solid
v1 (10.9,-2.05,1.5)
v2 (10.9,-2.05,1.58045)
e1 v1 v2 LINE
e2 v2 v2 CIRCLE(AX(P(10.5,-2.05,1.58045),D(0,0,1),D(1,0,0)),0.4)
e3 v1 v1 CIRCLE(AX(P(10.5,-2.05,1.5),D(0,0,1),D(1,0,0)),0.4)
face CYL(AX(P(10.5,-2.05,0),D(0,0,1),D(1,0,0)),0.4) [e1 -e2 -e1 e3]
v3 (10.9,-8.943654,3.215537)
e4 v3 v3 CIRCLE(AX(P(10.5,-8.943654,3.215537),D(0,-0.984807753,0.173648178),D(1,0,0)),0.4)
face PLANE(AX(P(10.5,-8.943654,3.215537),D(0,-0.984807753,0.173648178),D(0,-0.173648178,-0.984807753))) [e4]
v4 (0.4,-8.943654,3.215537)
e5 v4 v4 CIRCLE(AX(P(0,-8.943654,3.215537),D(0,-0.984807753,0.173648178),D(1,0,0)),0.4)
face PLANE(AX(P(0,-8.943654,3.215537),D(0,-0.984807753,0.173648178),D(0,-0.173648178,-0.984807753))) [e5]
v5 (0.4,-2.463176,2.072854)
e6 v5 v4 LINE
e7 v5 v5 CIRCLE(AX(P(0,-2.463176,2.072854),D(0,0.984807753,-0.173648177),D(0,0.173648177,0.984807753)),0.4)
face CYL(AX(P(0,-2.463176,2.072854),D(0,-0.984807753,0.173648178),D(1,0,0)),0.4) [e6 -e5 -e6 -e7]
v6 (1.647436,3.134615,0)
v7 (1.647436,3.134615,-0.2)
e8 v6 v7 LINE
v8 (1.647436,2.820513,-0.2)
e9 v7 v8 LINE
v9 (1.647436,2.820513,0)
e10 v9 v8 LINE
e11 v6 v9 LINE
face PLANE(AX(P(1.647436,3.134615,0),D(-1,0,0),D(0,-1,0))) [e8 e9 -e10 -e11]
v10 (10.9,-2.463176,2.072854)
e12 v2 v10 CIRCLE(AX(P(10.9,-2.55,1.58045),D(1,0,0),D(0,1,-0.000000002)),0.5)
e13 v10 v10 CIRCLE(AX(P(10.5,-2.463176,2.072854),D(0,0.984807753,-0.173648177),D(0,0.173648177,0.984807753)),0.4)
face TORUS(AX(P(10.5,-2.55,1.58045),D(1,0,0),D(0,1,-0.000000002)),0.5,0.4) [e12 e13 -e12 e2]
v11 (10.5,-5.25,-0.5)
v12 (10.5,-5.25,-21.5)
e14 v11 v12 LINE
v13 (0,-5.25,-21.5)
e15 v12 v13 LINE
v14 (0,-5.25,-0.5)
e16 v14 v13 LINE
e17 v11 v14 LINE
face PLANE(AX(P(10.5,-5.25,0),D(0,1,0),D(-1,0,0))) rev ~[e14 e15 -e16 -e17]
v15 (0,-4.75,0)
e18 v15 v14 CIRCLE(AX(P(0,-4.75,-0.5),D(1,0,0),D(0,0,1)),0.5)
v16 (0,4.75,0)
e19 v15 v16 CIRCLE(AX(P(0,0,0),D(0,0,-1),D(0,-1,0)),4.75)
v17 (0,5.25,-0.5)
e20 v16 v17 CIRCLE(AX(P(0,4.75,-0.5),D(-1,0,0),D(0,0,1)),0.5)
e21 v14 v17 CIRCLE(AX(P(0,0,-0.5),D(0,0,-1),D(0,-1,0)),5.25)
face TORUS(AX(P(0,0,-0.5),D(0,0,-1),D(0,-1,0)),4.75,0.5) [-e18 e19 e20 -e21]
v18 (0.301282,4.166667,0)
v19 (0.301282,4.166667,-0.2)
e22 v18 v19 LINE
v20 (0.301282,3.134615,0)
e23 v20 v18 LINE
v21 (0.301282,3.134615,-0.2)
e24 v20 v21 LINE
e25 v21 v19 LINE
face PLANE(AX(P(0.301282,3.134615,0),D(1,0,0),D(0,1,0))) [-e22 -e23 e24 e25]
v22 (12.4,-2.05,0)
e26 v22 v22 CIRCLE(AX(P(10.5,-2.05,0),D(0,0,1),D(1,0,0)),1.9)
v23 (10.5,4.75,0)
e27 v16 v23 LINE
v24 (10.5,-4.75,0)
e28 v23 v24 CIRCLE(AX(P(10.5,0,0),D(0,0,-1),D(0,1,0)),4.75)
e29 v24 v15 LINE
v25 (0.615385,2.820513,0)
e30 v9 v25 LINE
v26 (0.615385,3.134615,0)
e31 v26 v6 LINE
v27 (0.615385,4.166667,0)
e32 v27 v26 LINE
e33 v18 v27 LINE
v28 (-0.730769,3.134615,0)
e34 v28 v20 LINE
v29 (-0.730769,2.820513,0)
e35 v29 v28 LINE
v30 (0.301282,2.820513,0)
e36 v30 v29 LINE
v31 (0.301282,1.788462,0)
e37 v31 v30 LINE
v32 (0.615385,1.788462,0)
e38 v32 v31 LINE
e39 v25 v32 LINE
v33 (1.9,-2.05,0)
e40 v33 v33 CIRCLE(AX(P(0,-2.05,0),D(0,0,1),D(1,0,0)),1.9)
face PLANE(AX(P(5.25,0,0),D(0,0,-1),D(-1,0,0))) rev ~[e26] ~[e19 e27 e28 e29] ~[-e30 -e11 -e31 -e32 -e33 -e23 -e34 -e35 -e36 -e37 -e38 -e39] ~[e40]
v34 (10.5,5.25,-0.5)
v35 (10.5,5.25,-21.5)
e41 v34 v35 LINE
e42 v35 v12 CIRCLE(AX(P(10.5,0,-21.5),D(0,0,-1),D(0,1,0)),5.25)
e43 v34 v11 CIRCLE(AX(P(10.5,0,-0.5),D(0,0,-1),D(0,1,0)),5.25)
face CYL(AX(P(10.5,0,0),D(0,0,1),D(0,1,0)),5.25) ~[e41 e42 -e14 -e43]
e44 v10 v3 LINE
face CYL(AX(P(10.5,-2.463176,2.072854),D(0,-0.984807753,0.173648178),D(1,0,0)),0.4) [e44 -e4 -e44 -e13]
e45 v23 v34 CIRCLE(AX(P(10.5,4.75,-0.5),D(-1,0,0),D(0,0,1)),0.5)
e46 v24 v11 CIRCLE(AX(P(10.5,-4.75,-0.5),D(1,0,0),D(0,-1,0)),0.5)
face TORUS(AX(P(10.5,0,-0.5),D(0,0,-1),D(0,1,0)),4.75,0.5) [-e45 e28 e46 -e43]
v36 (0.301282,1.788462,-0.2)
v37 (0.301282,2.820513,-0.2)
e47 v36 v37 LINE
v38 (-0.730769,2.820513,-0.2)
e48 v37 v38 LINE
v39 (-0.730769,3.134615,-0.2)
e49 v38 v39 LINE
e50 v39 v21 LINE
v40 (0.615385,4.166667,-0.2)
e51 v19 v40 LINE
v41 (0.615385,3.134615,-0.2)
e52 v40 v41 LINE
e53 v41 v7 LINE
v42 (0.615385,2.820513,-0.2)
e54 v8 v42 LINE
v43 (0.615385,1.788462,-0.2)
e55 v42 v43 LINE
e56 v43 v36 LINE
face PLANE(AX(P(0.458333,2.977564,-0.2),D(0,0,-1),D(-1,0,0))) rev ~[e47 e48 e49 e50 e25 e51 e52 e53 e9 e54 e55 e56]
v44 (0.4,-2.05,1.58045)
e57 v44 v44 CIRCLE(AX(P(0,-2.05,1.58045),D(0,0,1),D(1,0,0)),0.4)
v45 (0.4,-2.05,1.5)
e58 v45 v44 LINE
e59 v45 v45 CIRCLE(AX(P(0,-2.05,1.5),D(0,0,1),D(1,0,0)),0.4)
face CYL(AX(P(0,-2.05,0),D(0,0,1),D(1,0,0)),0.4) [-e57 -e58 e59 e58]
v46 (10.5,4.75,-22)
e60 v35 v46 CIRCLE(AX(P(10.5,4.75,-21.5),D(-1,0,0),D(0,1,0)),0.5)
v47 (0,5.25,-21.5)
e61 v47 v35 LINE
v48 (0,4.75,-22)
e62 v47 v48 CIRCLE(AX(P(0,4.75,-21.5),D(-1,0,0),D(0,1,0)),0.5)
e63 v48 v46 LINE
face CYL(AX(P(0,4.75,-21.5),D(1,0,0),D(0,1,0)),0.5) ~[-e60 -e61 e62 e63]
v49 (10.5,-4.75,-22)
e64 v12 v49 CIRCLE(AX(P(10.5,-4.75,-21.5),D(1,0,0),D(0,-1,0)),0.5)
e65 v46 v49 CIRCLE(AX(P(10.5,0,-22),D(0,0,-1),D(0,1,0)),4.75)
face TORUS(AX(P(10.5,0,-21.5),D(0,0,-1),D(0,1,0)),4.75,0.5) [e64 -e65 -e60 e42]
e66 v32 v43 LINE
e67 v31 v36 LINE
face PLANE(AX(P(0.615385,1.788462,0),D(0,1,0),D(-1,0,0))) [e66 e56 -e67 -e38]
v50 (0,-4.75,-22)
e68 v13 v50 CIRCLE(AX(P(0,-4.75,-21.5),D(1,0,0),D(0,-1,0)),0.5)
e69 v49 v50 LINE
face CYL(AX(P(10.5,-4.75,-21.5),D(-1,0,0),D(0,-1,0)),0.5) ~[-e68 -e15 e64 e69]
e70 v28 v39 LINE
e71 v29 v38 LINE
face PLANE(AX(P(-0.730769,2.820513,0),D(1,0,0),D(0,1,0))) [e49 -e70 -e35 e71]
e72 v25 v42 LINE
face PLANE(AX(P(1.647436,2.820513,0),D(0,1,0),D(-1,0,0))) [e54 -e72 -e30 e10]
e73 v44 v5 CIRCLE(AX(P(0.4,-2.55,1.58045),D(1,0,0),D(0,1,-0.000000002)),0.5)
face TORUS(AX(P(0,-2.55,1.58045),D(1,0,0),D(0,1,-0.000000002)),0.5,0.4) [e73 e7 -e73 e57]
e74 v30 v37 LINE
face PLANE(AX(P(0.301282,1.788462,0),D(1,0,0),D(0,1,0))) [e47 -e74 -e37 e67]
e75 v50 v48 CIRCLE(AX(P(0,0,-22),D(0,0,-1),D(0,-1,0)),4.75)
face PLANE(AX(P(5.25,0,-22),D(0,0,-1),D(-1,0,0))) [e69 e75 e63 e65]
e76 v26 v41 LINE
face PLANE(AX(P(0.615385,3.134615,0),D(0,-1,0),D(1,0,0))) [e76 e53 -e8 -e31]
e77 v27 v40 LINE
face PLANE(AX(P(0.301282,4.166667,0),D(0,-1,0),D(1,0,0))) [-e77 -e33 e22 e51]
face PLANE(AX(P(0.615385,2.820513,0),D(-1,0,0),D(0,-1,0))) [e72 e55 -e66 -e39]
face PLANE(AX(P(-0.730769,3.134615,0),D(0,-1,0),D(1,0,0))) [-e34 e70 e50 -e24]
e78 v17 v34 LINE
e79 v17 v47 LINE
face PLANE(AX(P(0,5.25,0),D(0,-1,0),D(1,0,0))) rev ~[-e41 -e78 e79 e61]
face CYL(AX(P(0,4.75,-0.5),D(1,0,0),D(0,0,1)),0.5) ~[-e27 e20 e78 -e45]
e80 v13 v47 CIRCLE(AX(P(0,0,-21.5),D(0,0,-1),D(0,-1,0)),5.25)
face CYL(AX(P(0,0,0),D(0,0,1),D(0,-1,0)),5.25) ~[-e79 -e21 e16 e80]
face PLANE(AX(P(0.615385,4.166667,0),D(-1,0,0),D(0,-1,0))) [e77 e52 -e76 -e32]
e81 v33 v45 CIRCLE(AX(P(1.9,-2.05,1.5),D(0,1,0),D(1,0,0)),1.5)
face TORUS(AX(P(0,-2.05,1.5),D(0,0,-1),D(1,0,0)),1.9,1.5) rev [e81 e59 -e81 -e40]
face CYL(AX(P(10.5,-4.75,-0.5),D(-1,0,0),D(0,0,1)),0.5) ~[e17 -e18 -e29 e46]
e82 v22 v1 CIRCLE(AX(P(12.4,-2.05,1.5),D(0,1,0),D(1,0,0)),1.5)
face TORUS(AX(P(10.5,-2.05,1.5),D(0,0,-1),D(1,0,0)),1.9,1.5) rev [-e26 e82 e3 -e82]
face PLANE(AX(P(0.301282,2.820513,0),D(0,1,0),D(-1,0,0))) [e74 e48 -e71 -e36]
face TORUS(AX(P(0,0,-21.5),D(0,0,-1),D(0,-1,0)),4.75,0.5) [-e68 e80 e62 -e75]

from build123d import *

# Parameters (mm, degrees)
BOSS_EXTRUDE1_DEPTH = 22
SKETCH2_R           = 0.4
FILLET1_R           = 1.5
FILLET2_R           = 0.5
CUT_EXTRUDE1_DEPTH  = 0.2


with BuildPart() as part:
    # Sketch1 → Boss-Extrude1 (new body)
    with BuildSketch(Plane.XY):
        with BuildLine():
            Line((0, 5.25), (10.5, 5.25))
            ThreePointArc((10.5, 5.25), (15.75, 0), (10.5, -5.25))
            Line((10.5, -5.25), (0, -5.25))
            ThreePointArc((0, -5.25), (-5.25, 0), (0, 5.25))
        make_face()
    extrude(amount=-BOSS_EXTRUDE1_DEPTH)

    # Sweep1: sweep along a path in Sketch3
    with BuildLine(Plane.YZ) as sweep1_path:
        Line((-2.05, 0), (-2.05, 1.580450184))
        ThreePointArc((-2.05, 1.580450184), (-2.166977778, 1.901843989), (-2.463175911, 2.072854061))
        Line((-2.463175911, 2.072854061), (-8.943654271, 3.215537244))
    # Sketch2 → Sweep1 (sweep)
    with BuildSketch(Plane.XY):
        with Locations((0, -2.05)):
            Circle(SKETCH2_R)
        with Locations((10.5, -2.05)):
            Circle(SKETCH2_R)
    sweep(path=sweep1_path.line)

    # Fillet1
    fillet1_edges = [part.edges().sort_by_distance(p)[0] for p in [
        (-0.4, -2.05, 0),
        (10.1, -2.05, 0),
    ]]
    fillet(fillet1_edges, radius=FILLET1_R)

    # Fillet2
    fillet2_edges = [part.edges().sort_by_distance(p)[0] for p in [
        (15.75, 0, -22),
        (5.25, 5.25, -22),
        (-5.25, 0, -22),
        (5.25, 5.25, 0),
        (15.75, 0, 0),
        (5.25, -5.25, 0),
        (-5.25, 0, 0),
        (5.25, -5.25, -22),
    ]]
    fillet(fillet2_edges, radius=FILLET2_R)

    # Sketch4 → Cut-Extrude1 (cut)
    with BuildSketch(Plane.XY):
        Polygon((0.301282051, 3.134615385), (0.301282051, 4.166666667), (0.615384615, 4.166666667), (0.615384615, 3.134615385), (1.647435897, 3.134615385), (1.647435897, 2.820512821), (0.615384615, 2.820512821), (0.615384615, 1.788461538), (0.301282051, 1.788461538), (0.301282051, 2.820512821), (-0.730769231, 2.820512821), (-0.730769231, 3.134615385), align=None)
    extrude(amount=-CUT_EXTRUDE1_DEPTH, mode=Mode.SUBTRACT)


solid = part.part
